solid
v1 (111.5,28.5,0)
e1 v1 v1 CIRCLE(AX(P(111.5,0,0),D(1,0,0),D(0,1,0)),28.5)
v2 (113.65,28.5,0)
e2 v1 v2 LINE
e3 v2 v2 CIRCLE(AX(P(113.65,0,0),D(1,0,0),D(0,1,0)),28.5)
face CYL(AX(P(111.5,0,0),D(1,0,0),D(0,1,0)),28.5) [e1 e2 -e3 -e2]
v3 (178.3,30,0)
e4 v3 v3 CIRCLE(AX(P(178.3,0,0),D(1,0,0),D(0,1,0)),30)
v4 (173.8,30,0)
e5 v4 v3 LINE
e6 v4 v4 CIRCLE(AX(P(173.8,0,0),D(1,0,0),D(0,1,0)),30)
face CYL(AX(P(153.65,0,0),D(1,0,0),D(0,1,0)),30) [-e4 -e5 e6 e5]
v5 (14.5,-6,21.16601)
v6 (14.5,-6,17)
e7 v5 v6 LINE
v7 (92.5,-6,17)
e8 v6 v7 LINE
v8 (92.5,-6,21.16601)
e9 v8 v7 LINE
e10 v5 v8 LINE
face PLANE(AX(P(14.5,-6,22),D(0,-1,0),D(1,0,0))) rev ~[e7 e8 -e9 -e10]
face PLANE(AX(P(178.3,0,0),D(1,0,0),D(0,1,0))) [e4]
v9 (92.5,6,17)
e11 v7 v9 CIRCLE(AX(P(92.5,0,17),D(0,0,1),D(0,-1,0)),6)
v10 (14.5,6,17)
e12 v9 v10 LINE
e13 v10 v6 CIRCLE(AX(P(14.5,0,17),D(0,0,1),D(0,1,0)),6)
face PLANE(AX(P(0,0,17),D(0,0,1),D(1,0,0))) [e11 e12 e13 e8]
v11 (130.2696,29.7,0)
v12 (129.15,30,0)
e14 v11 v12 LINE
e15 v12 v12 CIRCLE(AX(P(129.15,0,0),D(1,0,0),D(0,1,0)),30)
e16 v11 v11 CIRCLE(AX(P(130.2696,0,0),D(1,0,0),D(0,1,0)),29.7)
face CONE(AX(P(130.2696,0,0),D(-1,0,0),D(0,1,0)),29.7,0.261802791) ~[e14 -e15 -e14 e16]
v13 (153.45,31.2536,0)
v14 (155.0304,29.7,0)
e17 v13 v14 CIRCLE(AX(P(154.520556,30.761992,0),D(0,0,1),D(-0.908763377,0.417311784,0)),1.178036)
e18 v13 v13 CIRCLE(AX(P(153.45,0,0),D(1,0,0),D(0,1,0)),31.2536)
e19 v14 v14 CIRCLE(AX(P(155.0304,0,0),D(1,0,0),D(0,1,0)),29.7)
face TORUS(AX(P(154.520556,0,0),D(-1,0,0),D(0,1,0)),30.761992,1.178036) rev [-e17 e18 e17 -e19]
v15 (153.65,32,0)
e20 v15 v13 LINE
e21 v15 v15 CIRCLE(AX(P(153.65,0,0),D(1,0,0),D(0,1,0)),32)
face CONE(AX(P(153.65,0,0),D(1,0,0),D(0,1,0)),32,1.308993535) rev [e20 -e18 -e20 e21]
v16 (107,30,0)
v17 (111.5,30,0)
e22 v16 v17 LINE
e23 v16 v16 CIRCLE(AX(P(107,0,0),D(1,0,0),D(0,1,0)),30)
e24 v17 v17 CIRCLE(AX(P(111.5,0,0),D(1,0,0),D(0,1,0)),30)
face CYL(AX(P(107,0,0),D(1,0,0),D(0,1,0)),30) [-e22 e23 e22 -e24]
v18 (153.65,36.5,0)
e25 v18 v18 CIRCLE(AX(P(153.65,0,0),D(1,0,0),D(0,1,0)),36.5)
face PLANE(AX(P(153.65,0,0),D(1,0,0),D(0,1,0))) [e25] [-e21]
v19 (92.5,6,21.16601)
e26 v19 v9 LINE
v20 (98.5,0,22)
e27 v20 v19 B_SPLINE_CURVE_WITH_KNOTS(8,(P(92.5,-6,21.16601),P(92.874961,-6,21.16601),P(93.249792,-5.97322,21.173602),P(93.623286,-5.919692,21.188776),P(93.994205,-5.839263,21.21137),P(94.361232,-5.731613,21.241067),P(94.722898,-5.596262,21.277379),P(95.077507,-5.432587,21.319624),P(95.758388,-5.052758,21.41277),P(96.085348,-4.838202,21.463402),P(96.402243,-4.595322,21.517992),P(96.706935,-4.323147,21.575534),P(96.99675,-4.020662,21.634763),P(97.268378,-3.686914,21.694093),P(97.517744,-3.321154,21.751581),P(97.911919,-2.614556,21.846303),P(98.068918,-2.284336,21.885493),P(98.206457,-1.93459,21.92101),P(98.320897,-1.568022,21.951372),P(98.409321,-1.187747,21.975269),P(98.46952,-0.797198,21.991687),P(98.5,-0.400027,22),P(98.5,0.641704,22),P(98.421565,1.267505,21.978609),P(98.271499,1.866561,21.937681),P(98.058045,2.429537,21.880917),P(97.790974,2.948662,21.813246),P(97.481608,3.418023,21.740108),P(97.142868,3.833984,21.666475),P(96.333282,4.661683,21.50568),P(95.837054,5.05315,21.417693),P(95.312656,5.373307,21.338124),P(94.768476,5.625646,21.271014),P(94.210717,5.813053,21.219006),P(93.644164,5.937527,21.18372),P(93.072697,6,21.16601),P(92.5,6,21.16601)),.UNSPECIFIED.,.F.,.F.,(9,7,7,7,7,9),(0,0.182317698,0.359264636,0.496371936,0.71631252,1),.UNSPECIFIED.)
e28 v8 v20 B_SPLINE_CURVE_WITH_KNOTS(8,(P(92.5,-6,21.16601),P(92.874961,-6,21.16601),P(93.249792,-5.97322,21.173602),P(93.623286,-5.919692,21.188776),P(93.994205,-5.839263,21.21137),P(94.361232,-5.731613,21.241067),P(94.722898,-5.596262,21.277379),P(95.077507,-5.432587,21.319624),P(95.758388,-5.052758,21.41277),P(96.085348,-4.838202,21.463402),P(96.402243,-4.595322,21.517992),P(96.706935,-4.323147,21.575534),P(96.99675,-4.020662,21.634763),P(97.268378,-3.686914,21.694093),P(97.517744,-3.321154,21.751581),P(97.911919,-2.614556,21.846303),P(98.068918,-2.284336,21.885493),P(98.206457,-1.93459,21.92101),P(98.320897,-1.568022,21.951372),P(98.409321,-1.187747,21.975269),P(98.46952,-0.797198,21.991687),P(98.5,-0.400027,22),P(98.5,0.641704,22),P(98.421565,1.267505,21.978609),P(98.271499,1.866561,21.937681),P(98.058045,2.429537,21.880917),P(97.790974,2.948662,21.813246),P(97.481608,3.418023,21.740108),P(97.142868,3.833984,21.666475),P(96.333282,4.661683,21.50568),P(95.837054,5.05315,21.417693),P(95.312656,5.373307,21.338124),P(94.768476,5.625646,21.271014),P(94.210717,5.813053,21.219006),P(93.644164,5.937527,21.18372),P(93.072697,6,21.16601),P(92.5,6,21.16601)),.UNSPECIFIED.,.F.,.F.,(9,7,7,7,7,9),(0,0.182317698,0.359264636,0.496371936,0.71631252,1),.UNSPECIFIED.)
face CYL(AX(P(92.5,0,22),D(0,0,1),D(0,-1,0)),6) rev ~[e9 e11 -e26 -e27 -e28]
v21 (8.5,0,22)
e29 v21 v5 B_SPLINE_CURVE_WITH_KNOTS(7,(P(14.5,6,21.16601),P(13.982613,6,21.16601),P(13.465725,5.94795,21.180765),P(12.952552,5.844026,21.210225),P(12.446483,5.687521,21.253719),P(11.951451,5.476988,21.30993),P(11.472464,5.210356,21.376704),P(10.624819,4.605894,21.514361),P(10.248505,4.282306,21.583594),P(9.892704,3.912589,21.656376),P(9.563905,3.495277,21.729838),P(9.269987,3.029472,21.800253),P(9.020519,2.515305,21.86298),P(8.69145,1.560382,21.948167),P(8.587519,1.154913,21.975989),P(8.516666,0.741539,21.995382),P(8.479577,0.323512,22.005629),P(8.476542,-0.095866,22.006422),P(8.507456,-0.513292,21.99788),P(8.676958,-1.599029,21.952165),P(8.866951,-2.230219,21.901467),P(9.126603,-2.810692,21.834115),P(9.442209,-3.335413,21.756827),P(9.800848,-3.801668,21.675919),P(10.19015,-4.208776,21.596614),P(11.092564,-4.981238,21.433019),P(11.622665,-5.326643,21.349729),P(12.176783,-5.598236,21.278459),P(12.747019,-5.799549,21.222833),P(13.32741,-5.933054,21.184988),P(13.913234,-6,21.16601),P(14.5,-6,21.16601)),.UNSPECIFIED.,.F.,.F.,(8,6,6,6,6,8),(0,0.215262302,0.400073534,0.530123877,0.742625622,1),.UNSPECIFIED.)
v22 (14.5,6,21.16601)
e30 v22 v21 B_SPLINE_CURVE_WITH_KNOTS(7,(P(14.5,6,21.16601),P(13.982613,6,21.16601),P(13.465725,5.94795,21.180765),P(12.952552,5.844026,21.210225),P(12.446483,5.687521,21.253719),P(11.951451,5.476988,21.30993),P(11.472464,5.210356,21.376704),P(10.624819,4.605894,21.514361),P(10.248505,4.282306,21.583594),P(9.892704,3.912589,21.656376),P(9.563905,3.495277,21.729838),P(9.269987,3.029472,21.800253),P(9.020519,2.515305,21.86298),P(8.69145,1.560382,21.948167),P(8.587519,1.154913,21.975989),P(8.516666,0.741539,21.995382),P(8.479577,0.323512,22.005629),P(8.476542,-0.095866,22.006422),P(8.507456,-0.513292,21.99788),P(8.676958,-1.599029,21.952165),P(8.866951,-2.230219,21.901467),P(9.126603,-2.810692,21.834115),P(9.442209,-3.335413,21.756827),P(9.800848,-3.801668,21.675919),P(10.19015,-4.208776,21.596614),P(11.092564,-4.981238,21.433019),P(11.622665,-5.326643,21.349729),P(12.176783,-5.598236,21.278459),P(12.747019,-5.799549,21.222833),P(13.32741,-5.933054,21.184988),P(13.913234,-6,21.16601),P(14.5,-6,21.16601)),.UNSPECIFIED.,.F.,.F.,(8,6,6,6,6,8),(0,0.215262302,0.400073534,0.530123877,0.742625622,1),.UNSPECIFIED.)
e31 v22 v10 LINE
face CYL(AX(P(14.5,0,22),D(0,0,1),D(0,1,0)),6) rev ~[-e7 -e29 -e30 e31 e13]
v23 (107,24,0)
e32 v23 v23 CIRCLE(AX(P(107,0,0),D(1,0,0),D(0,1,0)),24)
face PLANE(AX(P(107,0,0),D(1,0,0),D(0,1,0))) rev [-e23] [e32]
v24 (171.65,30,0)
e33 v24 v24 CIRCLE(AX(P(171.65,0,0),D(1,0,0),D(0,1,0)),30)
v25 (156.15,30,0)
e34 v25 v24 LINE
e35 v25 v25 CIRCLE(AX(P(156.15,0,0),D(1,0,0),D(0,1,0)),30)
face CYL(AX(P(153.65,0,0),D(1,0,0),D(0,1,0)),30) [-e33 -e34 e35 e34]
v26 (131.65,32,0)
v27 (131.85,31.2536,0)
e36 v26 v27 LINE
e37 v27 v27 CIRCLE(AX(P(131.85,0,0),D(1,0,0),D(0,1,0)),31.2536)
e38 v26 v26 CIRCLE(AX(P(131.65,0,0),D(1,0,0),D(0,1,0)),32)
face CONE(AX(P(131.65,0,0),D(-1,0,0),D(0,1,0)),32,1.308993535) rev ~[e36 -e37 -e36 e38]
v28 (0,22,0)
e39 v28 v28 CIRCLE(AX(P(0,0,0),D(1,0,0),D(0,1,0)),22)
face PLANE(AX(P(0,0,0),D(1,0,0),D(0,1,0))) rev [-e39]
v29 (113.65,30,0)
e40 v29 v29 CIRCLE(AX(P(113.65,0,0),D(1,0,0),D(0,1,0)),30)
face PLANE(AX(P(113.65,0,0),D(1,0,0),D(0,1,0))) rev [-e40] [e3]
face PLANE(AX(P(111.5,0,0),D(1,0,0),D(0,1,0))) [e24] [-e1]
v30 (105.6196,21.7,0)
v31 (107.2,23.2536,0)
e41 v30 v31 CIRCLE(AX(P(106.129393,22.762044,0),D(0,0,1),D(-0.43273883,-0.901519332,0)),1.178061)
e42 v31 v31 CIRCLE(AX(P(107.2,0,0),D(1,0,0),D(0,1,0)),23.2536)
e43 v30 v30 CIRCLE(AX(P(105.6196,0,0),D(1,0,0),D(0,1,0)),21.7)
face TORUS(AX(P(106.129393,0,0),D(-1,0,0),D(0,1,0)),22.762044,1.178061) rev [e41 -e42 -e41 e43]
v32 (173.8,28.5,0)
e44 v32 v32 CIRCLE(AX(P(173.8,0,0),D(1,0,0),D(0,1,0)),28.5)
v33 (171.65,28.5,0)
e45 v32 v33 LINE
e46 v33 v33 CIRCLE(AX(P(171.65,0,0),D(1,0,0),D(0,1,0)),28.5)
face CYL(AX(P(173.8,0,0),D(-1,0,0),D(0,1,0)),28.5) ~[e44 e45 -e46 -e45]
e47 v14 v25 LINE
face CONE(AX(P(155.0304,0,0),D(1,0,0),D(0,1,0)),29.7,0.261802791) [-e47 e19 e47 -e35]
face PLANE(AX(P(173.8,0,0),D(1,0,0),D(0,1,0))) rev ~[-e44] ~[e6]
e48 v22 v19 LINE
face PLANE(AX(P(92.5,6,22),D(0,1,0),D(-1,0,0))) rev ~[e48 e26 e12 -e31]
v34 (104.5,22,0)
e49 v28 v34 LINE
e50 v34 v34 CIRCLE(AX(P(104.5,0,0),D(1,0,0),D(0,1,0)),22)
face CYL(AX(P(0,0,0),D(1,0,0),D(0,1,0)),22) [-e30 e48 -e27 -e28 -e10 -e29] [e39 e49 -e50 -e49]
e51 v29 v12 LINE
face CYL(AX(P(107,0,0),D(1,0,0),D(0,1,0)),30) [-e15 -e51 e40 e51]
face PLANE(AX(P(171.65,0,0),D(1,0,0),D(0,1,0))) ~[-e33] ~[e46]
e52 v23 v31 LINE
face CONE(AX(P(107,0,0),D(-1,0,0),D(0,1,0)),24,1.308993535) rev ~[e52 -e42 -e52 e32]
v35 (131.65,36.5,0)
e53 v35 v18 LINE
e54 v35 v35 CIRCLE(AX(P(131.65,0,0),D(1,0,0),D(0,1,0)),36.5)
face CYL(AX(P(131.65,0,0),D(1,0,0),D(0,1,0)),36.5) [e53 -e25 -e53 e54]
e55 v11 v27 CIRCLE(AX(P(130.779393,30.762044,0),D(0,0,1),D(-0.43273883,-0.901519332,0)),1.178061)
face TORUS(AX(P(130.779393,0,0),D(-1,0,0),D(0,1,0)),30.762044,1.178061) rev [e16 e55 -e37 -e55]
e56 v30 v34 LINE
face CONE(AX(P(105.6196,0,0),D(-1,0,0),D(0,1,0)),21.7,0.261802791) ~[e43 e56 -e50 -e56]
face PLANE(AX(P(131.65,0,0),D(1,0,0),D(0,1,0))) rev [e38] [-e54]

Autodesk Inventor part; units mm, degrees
ref_plane "YZ Plane" through (0, 0, 0) normal (1, 0, 0) x (0, 1, 0)
ref_plane "XZ Plane" through (0, 0, 0) normal (0, 1, 0) x (-1, 0, 0)
sketch "Skizze1" plane through (0, 0, 0) normal (0, 0, 1) x (1, 0, 0)
  line L0 (0, 0) -> (0, 22)
  line L1 (0, 22) -> (107, 22)
  line L2 (107, 22) -> (107, 30)
  line L3 (107, 30) -> (131.65, 30)
  line L4 (131.65, 30) -> (131.65, 36.5)
  line L5 (131.65, 36.5) -> (153.65, 36.5)
  line L6 (153.65, 36.5) -> (153.65, 30)
  line L7 (153.65, 30) -> (178.3, 30)
  line L8 (178.3, 30) -> (178.3, 0)
  line L9 (178.3, 0) -> (0, 0)
  line L10 (-35.66, 0) -> (213.96, 0) projected
revolve "Umdrehung1" add sketch "Skizze1" angle 360 about axis through (-10, 0, 0) along (1, 0, 0)
ref_plane "Arbeitsebene1" through (0, 0, 22) normal (0, 0, 1) x (1, 0, 0)
sketch "Skizze2" plane through (0, 0, 22) normal (0, 0, 1) x (1, 0, 0)
  line L0 (8.5, 0) -> (98.5, 0) construction
  line L1 (14.5, -6) -> (92.5, -6)
  line L2 (92.5, 6) -> (14.5, 6)
  arc A0 (14.5, 6) -> (14.5, -6) centre (14.5, 0) ccw
  arc A1 (92.5, -6) -> (92.5, 6) centre (92.5, 0) ccw
  point P0 (53.5, 0)
extrude "Extrusion1" cut sketch "Skizze2" against normal blind 5
sketch "Skizze3" plane through (0, 0, 0) normal (0, 0, 1) x (1, 0, 0)
  line L0 (107, 24) -> (107.2, 23.2536)
  line L1 (105.6196, 21.7) -> (104.5, 22)
  line L2 (104.5, 22) -> (104.5, 24)
  line L3 (104.5, 24) -> (107, 24)
  arc A0 (105.6196, 21.7) -> (107.2, 23.2536) centre (106.1294, 22.762) ccw
  line L4 (-35.66, 0) -> (213.96, 0) projected
revolve "Umdrehung2" cut sketch "Skizze3" angle 360 about axis through (-10, 0, 0) along (1, 0, 0)
sketch "Skizze4" plane through (0, 0, 0) normal (0, 0, 1) x (1, 0, 0)
  line L0 (111.5, 28.5) -> (113.65, 28.5)
  line L1 (113.65, 28.5) -> (113.65, 30)
  line L2 (113.65, 30) -> (111.5, 30)
  line L3 (111.5, 30) -> (111.5, 28.5)
  line L4 (-35.66, 0) -> (213.96, 0) projected
revolve "Umdrehung3" cut sketch "Skizze4" angle 360 about axis through (-10, 0, 0) along (1, 0, 0)
sketch "Skizze5" plane through (0, 0, 0) normal (0, 0, 1) x (1, 0, 0)
  line L0 (131.65, 32) -> (131.85, 31.2536)
  line L1 (130.2696, 29.7) -> (129.15, 30)
  line L2 (129.15, 30) -> (129.15, 32)
  line L3 (129.15, 32) -> (131.65, 32)
  arc A0 (130.2696, 29.7) -> (131.85, 31.2536) centre (130.7794, 30.762) ccw
  line L4 (-35.66, 0) -> (213.96, 0) projected
revolve "Umdrehung4" cut sketch "Skizze5" angle 360 about axis through (-10, 0, 0) along (1, 0, 0)
sketch "Skizze6" plane through (0, 0, 0) normal (0, 0, 1) x (1, 0, 0)
  line L0 (173.8, 28.5) -> (171.65, 28.5)
  line L1 (171.65, 28.5) -> (171.65, 30)
  line L2 (171.65, 30) -> (173.8, 30)
  line L3 (173.8, 30) -> (173.8, 28.5)
  line L4 (-35.66, 0) -> (213.96, 0) projected
revolve "Umdrehung5" cut sketch "Skizze6" angle 360 about axis through (-10, 0, 0) along (1, 0, 0)
sketch "Skizze7" plane through (0, 0, 0) normal (0, 0, 1) x (1, 0, 0)
  line L0 (153.65, 32) -> (153.45, 31.2536)
  line L1 (155.0304, 29.7) -> (156.15, 30)
  line L2 (156.15, 30) -> (156.15, 32)
  line L3 (156.15, 32) -> (153.65, 32)
  arc A0 (153.45, 31.2536) -> (155.0304, 29.7) centre (154.5206, 30.762) ccw
  line L4 (-35.66, 0) -> (213.96, 0) projected
revolve "Umdrehung6" cut sketch "Skizze7" angle 360 about axis through (-10, 0, 0) along (1, 0, 0)
